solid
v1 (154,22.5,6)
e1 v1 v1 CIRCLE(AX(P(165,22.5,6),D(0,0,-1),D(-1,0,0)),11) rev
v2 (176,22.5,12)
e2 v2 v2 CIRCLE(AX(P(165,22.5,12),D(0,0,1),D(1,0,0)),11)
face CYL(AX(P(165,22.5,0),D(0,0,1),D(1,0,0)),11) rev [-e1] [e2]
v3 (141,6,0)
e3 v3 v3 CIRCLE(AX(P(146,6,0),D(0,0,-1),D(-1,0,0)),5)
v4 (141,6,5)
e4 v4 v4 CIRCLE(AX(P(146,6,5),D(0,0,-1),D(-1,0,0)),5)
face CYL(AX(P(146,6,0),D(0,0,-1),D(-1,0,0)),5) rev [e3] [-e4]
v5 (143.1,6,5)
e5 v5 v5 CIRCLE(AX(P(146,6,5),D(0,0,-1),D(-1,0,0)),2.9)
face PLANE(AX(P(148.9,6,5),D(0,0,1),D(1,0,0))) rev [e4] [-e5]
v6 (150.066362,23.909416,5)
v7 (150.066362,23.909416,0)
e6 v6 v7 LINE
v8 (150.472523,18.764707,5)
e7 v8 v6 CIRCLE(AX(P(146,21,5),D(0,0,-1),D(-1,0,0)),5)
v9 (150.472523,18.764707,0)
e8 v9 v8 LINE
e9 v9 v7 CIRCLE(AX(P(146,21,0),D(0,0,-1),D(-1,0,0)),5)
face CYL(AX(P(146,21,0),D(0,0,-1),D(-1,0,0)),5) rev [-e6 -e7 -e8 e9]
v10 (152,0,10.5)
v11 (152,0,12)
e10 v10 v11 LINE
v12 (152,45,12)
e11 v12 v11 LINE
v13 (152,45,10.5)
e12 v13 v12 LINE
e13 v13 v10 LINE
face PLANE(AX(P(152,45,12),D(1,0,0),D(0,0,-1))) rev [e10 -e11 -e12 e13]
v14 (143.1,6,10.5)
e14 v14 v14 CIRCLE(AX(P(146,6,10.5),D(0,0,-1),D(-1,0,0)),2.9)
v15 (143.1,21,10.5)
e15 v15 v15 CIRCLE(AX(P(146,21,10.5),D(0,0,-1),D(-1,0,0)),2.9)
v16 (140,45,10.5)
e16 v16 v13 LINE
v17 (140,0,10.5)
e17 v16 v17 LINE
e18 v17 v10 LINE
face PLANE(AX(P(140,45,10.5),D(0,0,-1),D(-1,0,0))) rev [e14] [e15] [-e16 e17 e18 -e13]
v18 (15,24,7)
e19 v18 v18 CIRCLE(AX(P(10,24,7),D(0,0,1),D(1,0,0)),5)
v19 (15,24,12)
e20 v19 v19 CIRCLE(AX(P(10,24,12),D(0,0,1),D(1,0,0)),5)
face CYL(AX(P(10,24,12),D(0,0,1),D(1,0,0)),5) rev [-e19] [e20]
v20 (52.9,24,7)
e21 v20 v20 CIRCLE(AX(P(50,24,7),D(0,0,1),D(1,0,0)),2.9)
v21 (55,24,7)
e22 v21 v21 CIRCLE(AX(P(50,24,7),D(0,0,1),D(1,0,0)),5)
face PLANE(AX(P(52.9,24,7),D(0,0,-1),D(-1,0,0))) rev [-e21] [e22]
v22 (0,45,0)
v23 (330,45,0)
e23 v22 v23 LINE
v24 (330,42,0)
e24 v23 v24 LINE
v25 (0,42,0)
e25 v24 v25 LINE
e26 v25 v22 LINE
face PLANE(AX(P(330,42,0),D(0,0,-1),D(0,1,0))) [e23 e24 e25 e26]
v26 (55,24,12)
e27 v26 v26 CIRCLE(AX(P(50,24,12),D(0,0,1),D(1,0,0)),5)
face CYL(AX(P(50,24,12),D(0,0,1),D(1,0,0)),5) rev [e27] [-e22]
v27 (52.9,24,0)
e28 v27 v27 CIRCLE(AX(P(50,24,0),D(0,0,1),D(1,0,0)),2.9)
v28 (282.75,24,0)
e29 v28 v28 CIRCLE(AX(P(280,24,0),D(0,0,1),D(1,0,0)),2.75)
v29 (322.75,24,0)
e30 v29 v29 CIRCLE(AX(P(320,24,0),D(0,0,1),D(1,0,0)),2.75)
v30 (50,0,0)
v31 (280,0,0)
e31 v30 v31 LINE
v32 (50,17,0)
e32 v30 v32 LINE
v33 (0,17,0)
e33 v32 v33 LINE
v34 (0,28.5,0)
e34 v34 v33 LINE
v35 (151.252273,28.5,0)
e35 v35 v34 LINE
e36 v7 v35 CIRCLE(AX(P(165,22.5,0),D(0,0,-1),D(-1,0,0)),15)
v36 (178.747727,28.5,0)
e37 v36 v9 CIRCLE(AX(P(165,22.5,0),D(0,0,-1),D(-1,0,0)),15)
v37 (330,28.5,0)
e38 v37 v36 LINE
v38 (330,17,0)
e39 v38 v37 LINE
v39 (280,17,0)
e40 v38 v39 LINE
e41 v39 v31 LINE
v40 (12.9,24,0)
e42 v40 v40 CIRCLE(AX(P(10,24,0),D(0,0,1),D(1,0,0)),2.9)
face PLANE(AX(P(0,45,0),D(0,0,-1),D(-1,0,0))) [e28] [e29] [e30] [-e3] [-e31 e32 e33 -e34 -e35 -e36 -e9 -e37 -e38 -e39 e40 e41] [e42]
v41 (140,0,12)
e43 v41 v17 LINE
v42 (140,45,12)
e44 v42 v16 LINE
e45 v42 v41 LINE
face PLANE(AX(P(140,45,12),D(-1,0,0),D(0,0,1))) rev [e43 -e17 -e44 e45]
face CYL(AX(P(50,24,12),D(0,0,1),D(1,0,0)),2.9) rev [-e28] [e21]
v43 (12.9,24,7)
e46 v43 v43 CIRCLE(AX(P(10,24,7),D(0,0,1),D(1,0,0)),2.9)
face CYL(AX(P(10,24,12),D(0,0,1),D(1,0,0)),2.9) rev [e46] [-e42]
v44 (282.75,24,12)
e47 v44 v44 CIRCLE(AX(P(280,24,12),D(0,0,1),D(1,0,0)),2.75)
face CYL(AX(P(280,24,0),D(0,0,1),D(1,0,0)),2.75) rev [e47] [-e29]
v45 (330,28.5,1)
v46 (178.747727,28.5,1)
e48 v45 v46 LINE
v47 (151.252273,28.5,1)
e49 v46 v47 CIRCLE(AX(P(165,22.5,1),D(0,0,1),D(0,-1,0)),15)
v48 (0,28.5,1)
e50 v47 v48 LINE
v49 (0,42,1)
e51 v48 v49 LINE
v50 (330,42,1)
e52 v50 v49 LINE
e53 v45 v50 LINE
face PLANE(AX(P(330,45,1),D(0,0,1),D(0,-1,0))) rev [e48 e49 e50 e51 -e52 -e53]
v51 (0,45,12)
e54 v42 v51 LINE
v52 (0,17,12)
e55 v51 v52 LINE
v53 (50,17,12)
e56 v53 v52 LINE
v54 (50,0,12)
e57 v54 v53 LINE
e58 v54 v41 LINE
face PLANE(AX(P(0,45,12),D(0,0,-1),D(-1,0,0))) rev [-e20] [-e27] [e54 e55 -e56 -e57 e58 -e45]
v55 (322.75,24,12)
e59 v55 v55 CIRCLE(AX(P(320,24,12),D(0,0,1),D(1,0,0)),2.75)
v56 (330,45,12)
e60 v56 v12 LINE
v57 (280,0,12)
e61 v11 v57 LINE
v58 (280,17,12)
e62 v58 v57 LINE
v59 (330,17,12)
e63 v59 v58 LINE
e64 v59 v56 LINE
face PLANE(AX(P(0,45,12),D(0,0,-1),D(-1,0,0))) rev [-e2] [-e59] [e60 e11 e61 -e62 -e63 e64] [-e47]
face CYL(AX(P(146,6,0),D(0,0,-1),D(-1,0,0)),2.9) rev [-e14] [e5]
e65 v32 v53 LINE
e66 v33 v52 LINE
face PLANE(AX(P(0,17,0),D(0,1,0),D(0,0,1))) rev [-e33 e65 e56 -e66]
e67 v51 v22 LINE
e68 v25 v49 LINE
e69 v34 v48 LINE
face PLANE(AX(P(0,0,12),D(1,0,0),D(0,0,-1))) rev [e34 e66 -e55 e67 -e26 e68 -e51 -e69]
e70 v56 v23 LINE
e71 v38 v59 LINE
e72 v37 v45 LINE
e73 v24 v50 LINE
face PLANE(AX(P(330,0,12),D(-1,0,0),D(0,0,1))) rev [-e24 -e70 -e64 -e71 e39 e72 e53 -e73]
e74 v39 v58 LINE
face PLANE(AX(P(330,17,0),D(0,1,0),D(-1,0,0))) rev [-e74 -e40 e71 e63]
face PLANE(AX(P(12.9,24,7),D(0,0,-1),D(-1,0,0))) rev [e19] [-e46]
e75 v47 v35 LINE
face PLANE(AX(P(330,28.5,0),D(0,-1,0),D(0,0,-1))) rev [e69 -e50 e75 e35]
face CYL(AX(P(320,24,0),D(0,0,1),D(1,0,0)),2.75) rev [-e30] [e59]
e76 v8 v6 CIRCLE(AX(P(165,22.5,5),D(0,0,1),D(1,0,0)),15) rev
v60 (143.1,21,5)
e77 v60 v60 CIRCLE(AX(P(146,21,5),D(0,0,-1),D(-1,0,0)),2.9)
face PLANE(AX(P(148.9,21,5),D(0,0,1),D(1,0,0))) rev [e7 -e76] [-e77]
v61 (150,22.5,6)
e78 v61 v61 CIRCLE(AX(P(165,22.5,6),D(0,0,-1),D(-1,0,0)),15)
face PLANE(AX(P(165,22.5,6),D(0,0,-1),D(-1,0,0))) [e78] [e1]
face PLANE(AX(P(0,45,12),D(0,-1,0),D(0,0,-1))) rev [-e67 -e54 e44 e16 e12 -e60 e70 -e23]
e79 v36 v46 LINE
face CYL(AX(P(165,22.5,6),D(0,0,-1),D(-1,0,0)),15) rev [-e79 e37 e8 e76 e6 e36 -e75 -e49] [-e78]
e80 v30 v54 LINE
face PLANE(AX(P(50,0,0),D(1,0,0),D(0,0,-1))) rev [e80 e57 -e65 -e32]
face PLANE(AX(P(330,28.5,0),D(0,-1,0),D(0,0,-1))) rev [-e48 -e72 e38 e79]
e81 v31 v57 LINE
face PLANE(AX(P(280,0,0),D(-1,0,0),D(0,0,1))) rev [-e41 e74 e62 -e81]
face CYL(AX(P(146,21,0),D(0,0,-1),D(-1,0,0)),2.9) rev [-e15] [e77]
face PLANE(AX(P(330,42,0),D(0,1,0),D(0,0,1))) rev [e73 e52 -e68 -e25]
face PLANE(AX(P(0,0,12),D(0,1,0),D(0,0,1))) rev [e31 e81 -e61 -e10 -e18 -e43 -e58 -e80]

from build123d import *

# Parameters (mm, degrees)
SKETCH_1_W                   = 330
SKETCH_1_H                   = 45
EXTRUDE_1_DEPTH              = 12
HOLE_WIZARD_M5_1_D           = 5.8
HOLE_WIZARD_M5_1_CBORE_D     = 10
HOLE_WIZARD_M5_1_CBORE_DEPTH = 5
SKETCH_4_W                   = 1
SKETCH_4_H                   = 16.5
CUT_EXTRUDE_1_DEPTH          = 334.27016068
SKETCH_5_W                   = 330
SKETCH_5_H                   = 3
EXTRUDE_2_DEPTH              = 1
SKETCH_6_R                   = 11
CUT_EXTRUDE_2_DEPTH          = 334.27016068
SKETCH_9_W                   = 50
SKETCH_9_H                   = 17
CUT_EXTRUDE_5_DEPTH          = 334.27016068
SKETCH_10_W                  = 12
SKETCH_10_H                  = 1.5
CUT_EXTRUDE_6_DEPTH          = 334.27016068
SKETCH_11_R                  = 15
CUT_EXTRUDE_7_DEPTH          = 6
SKETCH_14_R                  = 2.75
CUT_EXTRUDE_8_DEPTH          = 334.27016068
HOLE_WIZARD_M5_2_D           = 5.8
HOLE_WIZARD_M5_2_CBORE_D     = 10
HOLE_WIZARD_M5_2_CBORE_DEPTH = 5


with BuildPart() as part:
    # 草图1 → 凸台-拉伸1 (new body)
    with BuildSketch(Plane.XY):
        with Locations((165, 22.5)):
            Rectangle(SKETCH_1_W, SKETCH_1_H)
    extrude(amount=EXTRUDE_1_DEPTH)

    # M5 六角凹头螺钉的柱形沉头孔1 (through all)
    with Locations(Plane.XY.offset(12)):
        with Locations((10, 24), (50, 24)):
            CounterBoreHole(HOLE_WIZARD_M5_1_D / 2, HOLE_WIZARD_M5_1_CBORE_D / 2, HOLE_WIZARD_M5_1_CBORE_DEPTH)

    # 草图4 → 切除-拉伸1 (cut, through all)
    with BuildSketch(Plane.ZY):
        with Locations((0.5, 36.75)):
            Rectangle(SKETCH_4_W, SKETCH_4_H)
    extrude(amount=-CUT_EXTRUDE_1_DEPTH, mode=Mode.SUBTRACT)

    # 草图5 → 凸台-拉伸2 (add)
    with BuildSketch(Plane(origin=(0, 0, 1), x_dir=(-1, 0, 0), z_dir=(0, 0, -1))):
        with Locations((-165, 43.5)):
            Rectangle(SKETCH_5_W, SKETCH_5_H)
    extrude(amount=EXTRUDE_2_DEPTH)

    # 草图6 → 切除-拉伸2 (cut, through all)
    with BuildSketch(Plane.XY.offset(12)):
        with Locations((165, 22.5)):
            Circle(SKETCH_6_R)
    extrude(amount=-CUT_EXTRUDE_2_DEPTH, mode=Mode.SUBTRACT)

    # 草图9 → 切除-拉伸5 (cut, through all)
    with BuildSketch(Plane.XY.offset(12)):
        with Locations((25, 8.5)):
            Rectangle(SKETCH_9_W, SKETCH_9_H)
        with Locations((305, 8.5)):
            Rectangle(SKETCH_9_W, SKETCH_9_H)
    extrude(amount=-CUT_EXTRUDE_5_DEPTH, mode=Mode.SUBTRACT)

    # 草图10 → 切除-拉伸6 (cut, through all)
    with BuildSketch(Plane.XZ):
        with Locations((146, 11.25)):
            Rectangle(SKETCH_10_W, SKETCH_10_H)
    extrude(amount=-CUT_EXTRUDE_6_DEPTH, mode=Mode.SUBTRACT)

    # 草图11 → 切除-拉伸7 (cut)
    with BuildSketch(Plane(origin=(0, 0, 0), x_dir=(-1, 0, 0), z_dir=(0, 0, -1))):
        with Locations((-165, 22.5)):
            Circle(SKETCH_11_R)
    extrude(amount=-CUT_EXTRUDE_7_DEPTH, mode=Mode.SUBTRACT)

    # 草图14 → 切除-拉伸8 (cut, through all)
    with BuildSketch(Plane.XY.offset(12)):
        with Locations((280, 24)):
            Circle(SKETCH_14_R)
        with Locations((320, 24)):
            Circle(SKETCH_14_R)
    extrude(amount=-CUT_EXTRUDE_8_DEPTH, mode=Mode.SUBTRACT)

    # M5 六角凹头螺钉的柱形沉头孔2 (through all)
    with Locations(Plane(origin=(0, 0, 0), x_dir=(-1, 0, 0), z_dir=(0, 0, -1))):
        with Locations((-146, 6), (-146, 21)):
            CounterBoreHole(HOLE_WIZARD_M5_2_D / 2, HOLE_WIZARD_M5_2_CBORE_D / 2, HOLE_WIZARD_M5_2_CBORE_DEPTH)


solid = part.part
